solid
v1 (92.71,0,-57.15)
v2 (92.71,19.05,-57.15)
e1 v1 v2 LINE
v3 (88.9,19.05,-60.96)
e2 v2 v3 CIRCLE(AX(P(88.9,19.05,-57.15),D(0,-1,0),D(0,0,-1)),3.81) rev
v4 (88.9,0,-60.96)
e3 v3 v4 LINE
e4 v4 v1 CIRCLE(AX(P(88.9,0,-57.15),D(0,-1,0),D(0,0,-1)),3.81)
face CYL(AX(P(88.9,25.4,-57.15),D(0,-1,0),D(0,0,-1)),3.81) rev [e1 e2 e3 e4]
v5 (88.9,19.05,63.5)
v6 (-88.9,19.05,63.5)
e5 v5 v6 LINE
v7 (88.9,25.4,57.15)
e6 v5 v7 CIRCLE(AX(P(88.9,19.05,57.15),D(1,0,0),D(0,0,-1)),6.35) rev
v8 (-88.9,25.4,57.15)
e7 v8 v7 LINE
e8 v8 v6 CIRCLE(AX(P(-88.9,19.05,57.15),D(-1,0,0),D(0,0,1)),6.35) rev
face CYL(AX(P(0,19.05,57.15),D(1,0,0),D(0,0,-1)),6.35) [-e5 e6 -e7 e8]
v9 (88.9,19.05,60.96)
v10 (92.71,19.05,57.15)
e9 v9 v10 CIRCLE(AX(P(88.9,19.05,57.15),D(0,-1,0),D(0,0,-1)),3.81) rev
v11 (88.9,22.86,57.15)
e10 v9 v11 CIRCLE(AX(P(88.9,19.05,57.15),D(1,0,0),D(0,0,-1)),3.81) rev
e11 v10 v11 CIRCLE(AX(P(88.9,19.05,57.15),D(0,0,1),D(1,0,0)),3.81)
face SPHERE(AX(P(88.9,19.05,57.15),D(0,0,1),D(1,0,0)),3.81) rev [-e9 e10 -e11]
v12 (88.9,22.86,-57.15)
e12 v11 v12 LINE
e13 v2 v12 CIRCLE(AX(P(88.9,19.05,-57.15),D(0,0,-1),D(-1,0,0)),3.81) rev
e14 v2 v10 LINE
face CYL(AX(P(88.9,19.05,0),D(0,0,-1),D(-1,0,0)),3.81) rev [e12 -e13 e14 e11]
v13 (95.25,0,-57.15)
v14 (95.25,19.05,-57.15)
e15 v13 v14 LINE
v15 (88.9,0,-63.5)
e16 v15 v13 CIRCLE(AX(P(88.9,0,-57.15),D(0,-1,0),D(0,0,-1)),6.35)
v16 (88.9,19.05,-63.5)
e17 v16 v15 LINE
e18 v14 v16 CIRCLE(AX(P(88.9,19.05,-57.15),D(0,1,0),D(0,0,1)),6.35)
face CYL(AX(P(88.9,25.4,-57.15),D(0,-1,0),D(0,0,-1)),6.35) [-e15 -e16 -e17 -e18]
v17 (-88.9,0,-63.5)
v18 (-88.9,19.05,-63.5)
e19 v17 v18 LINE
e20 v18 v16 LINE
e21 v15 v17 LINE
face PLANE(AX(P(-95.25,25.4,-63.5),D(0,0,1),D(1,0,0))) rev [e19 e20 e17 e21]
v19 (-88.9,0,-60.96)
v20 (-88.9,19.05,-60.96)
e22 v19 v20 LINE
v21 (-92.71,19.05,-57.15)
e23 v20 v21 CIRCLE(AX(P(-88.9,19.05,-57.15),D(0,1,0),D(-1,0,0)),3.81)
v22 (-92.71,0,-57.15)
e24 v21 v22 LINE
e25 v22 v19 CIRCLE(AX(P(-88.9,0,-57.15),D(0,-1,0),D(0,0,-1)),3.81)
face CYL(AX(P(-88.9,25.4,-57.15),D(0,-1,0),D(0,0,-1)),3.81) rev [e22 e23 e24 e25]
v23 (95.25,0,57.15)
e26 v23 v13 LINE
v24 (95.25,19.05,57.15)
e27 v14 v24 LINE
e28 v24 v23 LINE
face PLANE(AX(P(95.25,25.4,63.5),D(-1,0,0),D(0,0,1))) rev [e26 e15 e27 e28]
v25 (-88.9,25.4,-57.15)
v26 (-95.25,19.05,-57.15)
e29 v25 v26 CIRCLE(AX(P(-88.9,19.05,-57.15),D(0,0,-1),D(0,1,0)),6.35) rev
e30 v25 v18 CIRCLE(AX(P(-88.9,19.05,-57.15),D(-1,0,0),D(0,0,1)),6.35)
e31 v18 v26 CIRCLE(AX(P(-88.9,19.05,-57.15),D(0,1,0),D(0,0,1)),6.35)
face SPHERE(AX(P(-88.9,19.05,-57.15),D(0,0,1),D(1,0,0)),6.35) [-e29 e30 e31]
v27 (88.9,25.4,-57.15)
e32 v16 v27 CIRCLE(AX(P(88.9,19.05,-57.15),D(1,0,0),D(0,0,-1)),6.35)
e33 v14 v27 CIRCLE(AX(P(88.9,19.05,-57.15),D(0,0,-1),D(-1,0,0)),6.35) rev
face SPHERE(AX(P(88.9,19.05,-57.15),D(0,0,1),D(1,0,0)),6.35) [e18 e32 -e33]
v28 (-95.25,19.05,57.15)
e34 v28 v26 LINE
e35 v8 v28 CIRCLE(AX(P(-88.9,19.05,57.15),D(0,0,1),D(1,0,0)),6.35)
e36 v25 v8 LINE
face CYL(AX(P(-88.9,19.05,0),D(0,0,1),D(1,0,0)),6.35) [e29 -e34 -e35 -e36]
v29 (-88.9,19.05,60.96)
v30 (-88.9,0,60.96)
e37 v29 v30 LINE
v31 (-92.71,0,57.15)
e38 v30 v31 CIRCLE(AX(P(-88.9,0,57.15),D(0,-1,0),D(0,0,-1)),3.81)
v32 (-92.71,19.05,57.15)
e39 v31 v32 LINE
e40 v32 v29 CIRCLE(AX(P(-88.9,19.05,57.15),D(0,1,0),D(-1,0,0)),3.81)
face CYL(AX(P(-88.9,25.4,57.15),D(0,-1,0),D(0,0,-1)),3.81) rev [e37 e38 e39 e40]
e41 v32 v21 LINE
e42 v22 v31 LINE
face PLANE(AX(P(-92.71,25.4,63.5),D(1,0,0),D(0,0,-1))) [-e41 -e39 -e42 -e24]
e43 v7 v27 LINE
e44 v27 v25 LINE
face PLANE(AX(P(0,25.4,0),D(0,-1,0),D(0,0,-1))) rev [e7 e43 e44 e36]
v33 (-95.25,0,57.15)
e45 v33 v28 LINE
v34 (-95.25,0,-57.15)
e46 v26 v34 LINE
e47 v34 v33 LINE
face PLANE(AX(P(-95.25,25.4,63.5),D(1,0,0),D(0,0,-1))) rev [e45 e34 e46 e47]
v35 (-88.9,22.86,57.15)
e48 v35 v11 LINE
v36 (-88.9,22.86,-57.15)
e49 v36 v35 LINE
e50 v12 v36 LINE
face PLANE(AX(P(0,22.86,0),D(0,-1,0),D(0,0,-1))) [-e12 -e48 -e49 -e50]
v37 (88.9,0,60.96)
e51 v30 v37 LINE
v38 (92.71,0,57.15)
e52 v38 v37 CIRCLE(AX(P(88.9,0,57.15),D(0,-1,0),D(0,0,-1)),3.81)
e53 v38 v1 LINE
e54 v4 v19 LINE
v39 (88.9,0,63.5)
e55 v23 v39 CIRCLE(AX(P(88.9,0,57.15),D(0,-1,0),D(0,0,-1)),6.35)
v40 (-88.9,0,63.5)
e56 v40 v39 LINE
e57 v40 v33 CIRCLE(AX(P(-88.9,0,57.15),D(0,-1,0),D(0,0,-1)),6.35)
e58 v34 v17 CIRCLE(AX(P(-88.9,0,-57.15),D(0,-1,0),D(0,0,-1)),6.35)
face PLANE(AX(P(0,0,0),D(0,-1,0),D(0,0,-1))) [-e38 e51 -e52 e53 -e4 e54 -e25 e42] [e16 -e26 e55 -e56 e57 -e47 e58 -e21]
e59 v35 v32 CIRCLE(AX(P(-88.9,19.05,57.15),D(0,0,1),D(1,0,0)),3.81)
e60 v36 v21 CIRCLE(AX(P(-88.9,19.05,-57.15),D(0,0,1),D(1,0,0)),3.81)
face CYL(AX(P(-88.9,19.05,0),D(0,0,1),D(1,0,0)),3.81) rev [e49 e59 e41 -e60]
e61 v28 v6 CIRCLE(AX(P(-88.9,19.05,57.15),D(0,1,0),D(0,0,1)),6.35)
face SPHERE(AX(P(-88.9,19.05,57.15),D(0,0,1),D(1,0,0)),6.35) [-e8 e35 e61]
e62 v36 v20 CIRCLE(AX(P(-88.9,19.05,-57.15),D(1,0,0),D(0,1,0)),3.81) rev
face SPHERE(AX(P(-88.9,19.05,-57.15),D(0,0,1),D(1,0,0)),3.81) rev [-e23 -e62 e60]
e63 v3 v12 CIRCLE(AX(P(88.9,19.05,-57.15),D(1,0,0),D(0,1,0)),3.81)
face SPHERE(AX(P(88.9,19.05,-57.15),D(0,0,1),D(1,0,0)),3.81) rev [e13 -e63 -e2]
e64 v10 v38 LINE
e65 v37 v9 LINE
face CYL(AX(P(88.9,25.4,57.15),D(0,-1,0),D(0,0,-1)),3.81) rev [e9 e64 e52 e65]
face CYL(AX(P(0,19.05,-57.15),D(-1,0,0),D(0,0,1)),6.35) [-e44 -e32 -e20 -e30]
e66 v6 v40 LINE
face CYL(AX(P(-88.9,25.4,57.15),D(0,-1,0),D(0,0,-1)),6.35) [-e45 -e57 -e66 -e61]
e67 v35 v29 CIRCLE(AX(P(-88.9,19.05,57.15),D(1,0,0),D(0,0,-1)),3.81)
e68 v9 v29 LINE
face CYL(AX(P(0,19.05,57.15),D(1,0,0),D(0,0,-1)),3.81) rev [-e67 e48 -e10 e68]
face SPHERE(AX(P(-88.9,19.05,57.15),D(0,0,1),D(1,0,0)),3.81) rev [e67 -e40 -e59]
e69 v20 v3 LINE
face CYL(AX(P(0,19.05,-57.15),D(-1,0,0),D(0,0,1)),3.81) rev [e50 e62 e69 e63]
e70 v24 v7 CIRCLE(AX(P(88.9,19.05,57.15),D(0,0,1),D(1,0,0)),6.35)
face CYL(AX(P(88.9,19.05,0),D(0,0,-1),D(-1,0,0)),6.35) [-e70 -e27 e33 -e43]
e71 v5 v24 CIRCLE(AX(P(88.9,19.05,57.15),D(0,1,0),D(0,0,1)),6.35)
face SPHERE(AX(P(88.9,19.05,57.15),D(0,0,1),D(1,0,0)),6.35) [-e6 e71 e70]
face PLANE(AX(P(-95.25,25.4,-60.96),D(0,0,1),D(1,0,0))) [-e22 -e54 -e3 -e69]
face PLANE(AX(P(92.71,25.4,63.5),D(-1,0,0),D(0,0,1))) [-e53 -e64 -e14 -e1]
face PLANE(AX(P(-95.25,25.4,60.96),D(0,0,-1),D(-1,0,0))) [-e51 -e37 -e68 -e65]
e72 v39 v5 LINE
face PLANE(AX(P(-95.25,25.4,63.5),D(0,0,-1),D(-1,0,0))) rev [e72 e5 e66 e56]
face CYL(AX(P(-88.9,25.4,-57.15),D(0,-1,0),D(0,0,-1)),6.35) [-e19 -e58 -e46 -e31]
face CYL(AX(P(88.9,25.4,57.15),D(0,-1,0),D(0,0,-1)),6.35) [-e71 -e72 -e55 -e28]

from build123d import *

# Parameters (mm, degrees)
SKETCH1_W           = 190.5
SKETCH1_H           = 127
BOSS_EXTRUDE1_DEPTH = 25.4
FILLET1_R           = 6.35
SHELL1_T            = -2.54


with BuildPart() as part:
    # Sketch1 → Boss-Extrude1 (new body)
    with BuildSketch(Plane(origin=(0, 0, 0), x_dir=(1, 0, 0), z_dir=(0, 1, 0))):
        Rectangle(SKETCH1_W, SKETCH1_H)
    extrude(amount=BOSS_EXTRUDE1_DEPTH)

    # Fillet1
    fillet1_edges = [part.edges().sort_by_distance(p)[0] for p in [
        (-95.25, 25.4, 0),
        (0, 25.4, 63.5),
        (95.25, 25.4, 0),
        (0, 25.4, -63.5),
        (95.25, 12.7, 63.5),
        (-95.25, 12.7, 63.5),
        (-95.25, 12.7, -63.5),
        (95.25, 12.7, -63.5),
    ]]
    fillet(fillet1_edges, radius=FILLET1_R)

    # Shell1
    shell1_openings = [part.faces().sort_by_distance(p)[0] for p in [
        (0, 0, 0),
    ]]
    offset(amount=SHELL1_T, openings=shell1_openings, kind=Kind.INTERSECTION)


solid = part.part
